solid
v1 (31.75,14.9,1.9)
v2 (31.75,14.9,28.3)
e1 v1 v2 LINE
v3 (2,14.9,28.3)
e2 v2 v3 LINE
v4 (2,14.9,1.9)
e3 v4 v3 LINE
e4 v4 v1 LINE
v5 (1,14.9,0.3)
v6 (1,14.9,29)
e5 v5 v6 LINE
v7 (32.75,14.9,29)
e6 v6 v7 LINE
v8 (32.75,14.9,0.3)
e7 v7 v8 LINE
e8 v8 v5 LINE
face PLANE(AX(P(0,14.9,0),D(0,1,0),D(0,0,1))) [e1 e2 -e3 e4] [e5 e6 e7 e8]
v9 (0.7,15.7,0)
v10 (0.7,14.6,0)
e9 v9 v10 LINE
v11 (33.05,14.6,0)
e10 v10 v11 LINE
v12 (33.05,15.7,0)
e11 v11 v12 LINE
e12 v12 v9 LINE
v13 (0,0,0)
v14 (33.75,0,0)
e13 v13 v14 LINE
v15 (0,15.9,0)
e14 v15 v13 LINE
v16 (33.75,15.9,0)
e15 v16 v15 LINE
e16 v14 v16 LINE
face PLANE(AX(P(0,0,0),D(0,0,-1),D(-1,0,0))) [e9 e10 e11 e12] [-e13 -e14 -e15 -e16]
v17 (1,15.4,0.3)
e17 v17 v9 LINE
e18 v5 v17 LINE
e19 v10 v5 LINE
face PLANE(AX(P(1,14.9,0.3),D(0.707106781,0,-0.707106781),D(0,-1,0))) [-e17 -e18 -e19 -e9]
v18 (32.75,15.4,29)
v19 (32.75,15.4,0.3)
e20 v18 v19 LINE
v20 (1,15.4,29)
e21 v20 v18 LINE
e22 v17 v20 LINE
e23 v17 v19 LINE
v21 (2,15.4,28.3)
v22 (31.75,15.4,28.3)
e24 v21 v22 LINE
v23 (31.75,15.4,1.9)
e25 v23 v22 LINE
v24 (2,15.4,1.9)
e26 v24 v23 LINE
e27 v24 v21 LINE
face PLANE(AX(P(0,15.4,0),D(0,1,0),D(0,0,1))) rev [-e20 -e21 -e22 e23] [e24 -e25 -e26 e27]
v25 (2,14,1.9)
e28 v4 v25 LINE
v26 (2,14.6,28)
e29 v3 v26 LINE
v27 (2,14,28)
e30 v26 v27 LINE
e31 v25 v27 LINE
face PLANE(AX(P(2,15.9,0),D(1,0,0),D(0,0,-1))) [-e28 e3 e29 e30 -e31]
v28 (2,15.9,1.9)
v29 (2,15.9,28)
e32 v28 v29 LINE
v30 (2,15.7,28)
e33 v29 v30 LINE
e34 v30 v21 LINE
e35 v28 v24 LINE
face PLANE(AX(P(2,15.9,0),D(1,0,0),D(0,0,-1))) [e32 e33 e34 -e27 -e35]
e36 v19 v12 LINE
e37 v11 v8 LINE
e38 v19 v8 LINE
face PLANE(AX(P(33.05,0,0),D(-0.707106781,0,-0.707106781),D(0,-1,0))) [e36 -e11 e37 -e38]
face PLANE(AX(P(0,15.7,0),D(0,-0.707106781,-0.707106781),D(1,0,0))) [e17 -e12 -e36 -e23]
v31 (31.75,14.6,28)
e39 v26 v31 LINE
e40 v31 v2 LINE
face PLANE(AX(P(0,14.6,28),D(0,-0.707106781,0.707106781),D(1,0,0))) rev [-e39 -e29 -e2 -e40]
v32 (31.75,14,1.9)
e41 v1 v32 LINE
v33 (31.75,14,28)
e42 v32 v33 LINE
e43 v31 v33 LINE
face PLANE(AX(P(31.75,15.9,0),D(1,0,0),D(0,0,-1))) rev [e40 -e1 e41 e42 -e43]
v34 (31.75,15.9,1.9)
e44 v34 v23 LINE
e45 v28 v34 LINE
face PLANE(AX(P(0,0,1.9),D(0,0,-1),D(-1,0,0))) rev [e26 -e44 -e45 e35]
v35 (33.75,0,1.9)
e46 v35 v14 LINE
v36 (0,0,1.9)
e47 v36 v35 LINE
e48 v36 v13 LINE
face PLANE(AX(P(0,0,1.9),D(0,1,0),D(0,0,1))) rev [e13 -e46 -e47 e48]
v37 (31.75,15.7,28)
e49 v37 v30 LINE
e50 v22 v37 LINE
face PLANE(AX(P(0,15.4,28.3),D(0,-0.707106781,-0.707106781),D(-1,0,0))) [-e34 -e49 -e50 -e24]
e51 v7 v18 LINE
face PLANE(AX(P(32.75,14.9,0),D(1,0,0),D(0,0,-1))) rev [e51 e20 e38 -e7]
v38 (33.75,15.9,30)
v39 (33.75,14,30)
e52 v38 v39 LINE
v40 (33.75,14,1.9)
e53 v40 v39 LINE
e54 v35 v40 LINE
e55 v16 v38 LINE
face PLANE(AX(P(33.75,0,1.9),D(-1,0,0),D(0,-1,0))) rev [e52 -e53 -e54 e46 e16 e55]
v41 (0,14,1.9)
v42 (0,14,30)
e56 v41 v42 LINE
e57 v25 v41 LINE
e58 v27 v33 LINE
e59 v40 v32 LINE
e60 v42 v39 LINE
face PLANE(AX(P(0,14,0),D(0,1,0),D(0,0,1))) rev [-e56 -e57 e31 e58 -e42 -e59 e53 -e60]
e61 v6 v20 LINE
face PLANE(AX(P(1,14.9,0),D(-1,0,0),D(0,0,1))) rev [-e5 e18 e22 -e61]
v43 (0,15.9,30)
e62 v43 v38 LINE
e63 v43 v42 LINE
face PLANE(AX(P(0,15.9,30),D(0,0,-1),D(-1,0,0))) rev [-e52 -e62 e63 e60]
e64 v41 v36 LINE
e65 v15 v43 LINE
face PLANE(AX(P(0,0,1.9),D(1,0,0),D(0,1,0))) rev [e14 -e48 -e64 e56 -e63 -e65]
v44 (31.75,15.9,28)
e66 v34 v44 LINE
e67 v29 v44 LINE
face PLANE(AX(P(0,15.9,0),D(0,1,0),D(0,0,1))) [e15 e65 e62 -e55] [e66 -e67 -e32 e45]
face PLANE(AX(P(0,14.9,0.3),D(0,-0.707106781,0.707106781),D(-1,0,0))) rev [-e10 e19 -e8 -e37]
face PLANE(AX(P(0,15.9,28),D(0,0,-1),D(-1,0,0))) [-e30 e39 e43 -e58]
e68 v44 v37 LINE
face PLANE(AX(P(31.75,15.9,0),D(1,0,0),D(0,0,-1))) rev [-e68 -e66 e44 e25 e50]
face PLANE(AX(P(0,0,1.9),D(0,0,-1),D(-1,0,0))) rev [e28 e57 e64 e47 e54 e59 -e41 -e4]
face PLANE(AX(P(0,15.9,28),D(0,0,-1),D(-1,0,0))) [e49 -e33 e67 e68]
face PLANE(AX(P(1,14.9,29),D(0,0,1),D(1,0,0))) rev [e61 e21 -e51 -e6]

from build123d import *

# Parameters (mm, degrees)
ESQUISSE1_W             = 33.75
ESQUISSE1_H             = 14
BOSS_EXTRU_1_DEPTH      = 1.9
ESQUISSE2_W             = 33.75
ESQUISSE2_H             = 30
ESQUISSE2_W_2           = 29.75
ESQUISSE2_H_2           = 26.1
BOSS_EXTRU_2_DEPTH      = 1.9
ENL_V_START             = -0.5
ESQUISSE4_W             = 31.75
ESQUISSE4_H             = 29
ENL_V_MAT_EXTRU_1_DEPTH = 0.5
CHANFREIN1_SIZE         = 0.3


with BuildPart() as part:
    # Esquisse1 → Boss.-Extru.1 (new body)
    with BuildSketch(Plane.XY):
        with Locations((16.875, 7)):
            Rectangle(ESQUISSE1_W, ESQUISSE1_H)
    extrude(amount=BOSS_EXTRU_1_DEPTH)

    # Esquisse2 → Boss.-Extru.2 (add)
    with BuildSketch(Plane(origin=(0, 14, 0), x_dir=(1, 0, 0), z_dir=(0, 1, 0))):
        with Locations((16.875, -15)):
            Rectangle(ESQUISSE2_W, ESQUISSE2_H)
        with Locations((16.875, -14.95)):
            Rectangle(ESQUISSE2_W_2, ESQUISSE2_H_2, mode=Mode.SUBTRACT)
    extrude(amount=BOSS_EXTRU_2_DEPTH)

    # Esquisse4 → Enlèv. mat.-Extru.1 (cut)
    with BuildSketch(Plane(origin=(0, 15.9, 0), x_dir=(1, 0, 0), z_dir=(0, 1, 0)).offset(ENL_V_START)):
        with Locations((16.875, -14.5)):
            Rectangle(ESQUISSE4_W, ESQUISSE4_H)
    extrude(amount=-ENL_V_MAT_EXTRU_1_DEPTH, mode=Mode.SUBTRACT)

    # Chanfrein1
    chanfrein1_edges = [part.edges().sort_by_distance(p)[0] for p in [
        (16.875, 14.9, 28),
        (16.875, 15.4, 0),
        (16.875, 14.9, 0),
        (1, 15.15, 0),
        (32.75, 15.15, 0),
        (16.875, 15.4, 28),
    ]]
    chamfer(chanfrein1_edges, length=CHANFREIN1_SIZE)


solid = part.part
